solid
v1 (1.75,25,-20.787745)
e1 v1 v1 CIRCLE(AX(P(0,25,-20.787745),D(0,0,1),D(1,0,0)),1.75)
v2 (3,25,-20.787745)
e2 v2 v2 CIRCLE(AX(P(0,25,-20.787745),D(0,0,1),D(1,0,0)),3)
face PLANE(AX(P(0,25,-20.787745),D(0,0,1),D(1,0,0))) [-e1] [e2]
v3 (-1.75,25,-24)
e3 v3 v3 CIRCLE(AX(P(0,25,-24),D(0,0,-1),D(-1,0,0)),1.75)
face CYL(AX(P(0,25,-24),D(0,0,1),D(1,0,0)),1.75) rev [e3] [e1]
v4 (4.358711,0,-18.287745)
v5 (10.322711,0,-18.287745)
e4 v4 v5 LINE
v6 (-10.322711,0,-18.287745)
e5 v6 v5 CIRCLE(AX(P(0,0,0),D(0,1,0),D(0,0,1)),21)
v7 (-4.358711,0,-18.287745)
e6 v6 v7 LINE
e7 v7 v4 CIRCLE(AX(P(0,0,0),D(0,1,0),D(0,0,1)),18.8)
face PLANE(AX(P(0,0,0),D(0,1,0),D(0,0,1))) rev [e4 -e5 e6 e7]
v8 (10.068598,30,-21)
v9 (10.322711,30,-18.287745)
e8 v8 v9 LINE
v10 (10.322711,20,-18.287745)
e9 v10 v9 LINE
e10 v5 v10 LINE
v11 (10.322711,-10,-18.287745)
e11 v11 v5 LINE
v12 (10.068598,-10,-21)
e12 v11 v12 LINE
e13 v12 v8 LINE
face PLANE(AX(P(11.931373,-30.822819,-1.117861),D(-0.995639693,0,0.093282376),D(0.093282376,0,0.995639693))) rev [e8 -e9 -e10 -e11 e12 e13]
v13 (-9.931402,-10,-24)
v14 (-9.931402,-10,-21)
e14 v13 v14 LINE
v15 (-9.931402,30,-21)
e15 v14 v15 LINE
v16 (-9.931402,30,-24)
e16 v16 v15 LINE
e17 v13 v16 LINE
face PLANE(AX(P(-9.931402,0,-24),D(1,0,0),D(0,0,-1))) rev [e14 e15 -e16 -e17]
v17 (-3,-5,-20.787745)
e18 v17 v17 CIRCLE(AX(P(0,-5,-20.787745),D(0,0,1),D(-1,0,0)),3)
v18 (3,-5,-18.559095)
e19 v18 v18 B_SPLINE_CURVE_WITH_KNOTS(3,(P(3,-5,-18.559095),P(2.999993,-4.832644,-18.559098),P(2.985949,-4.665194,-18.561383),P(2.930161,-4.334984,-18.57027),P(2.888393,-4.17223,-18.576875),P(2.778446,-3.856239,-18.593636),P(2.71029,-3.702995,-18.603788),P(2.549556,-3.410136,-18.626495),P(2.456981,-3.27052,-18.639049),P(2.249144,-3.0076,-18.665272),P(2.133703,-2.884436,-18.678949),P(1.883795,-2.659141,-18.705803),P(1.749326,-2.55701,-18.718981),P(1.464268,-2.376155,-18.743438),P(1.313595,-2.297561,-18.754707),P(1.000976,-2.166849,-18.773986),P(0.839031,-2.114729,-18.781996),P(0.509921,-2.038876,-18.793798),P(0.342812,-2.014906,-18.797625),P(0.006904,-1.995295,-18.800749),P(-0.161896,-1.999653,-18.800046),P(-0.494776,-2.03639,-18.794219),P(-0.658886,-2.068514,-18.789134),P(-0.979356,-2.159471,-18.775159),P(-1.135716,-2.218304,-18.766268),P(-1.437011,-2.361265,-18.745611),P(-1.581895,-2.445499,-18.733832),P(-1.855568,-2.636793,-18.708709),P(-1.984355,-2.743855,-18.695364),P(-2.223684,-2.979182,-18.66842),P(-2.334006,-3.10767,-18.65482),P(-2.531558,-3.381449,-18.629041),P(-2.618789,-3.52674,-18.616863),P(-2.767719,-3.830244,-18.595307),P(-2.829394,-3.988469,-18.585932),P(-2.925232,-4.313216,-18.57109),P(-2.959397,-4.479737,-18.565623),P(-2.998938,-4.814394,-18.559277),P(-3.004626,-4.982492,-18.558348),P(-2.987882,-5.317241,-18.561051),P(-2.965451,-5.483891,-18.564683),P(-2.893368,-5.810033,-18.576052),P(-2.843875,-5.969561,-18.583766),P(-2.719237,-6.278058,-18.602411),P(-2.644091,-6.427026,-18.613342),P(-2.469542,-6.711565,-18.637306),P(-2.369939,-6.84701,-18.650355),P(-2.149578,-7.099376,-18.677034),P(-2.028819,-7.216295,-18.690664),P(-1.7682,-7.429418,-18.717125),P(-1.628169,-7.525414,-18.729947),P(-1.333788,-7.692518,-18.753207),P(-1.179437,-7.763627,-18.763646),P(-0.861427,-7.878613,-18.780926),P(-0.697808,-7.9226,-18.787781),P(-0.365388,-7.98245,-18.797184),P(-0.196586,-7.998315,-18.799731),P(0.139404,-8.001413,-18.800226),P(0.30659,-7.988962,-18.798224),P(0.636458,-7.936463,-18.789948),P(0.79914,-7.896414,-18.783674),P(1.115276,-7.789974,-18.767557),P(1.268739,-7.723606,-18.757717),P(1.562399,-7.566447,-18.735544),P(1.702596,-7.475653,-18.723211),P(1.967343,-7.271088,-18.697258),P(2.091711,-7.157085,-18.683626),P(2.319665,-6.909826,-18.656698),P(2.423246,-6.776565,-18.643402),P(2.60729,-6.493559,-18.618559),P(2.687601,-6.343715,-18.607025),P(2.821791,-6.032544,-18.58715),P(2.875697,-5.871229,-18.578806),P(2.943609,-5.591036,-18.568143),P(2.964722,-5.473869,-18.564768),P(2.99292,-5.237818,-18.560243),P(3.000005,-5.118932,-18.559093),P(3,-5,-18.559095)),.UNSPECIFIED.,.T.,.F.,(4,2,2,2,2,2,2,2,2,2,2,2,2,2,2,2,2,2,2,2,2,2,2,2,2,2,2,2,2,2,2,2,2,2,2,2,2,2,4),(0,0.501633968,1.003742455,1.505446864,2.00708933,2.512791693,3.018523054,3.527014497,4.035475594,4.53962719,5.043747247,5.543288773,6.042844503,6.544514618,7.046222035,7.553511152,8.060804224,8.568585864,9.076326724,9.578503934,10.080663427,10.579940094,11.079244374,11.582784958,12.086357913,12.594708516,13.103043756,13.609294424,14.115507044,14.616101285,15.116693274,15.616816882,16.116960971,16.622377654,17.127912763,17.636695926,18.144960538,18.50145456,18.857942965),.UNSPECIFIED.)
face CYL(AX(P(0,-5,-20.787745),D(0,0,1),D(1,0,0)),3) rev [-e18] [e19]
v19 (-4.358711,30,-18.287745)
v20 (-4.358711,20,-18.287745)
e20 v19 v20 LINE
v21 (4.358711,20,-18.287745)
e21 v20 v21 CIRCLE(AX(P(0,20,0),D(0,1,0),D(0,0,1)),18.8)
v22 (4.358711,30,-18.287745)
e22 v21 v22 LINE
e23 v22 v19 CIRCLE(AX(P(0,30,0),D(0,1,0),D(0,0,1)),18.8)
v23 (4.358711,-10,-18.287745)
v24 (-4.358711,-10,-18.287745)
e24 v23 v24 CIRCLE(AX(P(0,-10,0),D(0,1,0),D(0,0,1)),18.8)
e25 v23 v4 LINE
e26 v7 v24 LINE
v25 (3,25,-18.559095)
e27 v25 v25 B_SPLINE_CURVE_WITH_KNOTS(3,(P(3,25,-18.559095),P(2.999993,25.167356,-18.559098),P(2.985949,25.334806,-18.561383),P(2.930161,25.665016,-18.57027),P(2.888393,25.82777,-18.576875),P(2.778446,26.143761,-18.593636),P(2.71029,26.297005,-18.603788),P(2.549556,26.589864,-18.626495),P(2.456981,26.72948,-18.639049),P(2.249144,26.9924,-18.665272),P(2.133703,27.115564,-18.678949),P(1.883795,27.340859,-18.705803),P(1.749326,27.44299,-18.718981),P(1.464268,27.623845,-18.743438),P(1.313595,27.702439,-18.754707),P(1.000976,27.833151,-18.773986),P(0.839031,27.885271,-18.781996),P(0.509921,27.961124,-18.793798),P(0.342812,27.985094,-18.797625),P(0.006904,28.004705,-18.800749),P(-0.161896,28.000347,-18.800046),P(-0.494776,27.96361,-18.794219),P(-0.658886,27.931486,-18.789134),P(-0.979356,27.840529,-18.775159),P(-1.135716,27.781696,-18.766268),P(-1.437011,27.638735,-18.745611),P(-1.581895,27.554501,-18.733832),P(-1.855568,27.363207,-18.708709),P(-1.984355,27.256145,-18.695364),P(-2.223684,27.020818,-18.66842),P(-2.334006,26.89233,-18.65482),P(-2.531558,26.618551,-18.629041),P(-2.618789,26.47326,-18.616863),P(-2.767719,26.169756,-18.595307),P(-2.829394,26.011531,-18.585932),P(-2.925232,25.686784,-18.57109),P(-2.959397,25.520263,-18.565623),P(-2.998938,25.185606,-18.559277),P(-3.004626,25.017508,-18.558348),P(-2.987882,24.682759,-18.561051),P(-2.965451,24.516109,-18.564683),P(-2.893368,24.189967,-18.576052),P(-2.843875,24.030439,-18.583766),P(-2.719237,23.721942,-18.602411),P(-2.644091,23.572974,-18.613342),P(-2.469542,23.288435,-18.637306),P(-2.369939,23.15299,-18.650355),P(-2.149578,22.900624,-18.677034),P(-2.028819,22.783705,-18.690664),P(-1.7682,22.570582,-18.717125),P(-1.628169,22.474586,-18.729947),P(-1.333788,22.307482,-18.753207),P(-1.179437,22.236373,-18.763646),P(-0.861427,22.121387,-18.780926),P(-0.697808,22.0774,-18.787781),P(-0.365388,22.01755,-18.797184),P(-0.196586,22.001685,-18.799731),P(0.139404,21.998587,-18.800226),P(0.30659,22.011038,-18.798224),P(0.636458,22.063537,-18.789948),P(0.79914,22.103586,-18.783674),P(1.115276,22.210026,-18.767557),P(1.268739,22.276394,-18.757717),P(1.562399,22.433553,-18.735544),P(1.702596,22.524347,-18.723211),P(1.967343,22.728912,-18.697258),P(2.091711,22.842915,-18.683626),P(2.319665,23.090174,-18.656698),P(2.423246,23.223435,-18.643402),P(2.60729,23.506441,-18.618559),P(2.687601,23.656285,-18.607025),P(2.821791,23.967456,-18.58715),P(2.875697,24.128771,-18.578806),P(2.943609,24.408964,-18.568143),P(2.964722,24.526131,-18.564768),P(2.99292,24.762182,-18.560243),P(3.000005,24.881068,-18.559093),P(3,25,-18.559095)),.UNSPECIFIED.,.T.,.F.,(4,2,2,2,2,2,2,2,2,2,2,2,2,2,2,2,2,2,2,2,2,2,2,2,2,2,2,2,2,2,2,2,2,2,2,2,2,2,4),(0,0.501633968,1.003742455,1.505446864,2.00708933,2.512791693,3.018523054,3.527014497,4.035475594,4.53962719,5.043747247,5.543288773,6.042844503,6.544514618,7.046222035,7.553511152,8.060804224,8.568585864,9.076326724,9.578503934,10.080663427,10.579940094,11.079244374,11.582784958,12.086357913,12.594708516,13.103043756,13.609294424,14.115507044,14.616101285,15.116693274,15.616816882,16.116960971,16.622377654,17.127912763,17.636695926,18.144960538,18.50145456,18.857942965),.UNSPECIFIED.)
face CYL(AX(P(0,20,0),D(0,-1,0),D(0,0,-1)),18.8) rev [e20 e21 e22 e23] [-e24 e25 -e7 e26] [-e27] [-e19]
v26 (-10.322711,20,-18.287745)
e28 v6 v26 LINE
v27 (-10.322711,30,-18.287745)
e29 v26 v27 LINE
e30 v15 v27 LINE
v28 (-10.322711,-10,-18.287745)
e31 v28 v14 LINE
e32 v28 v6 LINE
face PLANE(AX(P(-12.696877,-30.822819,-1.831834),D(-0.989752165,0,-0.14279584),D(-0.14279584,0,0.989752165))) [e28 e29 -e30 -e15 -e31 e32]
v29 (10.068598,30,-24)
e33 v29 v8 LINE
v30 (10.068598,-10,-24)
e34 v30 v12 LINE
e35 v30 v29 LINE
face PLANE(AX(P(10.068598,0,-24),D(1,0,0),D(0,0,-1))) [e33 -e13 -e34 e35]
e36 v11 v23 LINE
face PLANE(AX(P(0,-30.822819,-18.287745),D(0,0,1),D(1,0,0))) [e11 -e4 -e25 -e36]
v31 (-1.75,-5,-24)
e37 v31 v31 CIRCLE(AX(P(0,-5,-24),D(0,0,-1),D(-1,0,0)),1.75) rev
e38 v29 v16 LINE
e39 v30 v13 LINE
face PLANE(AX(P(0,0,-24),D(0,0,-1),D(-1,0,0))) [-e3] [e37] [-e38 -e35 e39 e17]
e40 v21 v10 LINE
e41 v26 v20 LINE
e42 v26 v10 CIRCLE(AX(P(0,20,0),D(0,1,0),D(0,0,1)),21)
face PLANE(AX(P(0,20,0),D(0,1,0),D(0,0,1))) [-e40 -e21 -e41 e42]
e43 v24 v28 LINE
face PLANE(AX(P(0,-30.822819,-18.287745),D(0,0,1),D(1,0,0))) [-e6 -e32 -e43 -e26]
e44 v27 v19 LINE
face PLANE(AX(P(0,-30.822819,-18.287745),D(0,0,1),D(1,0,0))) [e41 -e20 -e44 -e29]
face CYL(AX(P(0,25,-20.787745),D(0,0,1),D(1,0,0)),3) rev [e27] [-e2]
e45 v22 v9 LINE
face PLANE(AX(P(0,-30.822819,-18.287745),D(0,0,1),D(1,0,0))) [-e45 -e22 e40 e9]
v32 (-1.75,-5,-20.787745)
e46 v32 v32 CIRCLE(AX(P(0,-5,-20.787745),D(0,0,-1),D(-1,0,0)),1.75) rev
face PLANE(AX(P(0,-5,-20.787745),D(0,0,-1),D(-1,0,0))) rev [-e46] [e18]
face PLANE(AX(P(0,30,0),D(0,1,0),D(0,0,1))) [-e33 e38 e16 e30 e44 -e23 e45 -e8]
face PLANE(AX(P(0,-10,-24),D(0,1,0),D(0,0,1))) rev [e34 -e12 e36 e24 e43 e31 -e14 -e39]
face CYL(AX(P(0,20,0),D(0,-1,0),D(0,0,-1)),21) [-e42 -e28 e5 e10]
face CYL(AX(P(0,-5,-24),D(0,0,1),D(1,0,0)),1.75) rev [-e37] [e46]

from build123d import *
from build123d.topology import SkipClean

# Parameters (mm, degrees)
SKETCH1_R               = 21
SKETCH1_R_2             = 18.8
BOSS_EXTRUDE1_DEPTH     = 20
SKETCH2_W               = 20
SKETCH2_H               = 40
SKETCH2_R               = 1.75
BOSS_EXTRUDE2_DEPTH     = 3
BOSS_EXTRUDE3_REACH     = 53.157
SKETCH6_R               = 1.75
CUT_EXTRUDE2_DEPTH      = 59.017238817
SKETCH8_R               = 3
CUT_EXTRUDE3_DEPTH      = 2.5
CUT_EXTRUDE4_DEPTH      = 44.783558558
CUT_EXTRUDE4_DEPTH_BACK = 44.783558558
SKETCH5_R               = 18.8


with BuildPart() as part:
    # Sketch1 → Boss-Extrude1 (new body)
    with BuildSketch(Plane(origin=(0, 0, 0), x_dir=(1, 0, 0), z_dir=(0, 1, 0))):
        with Locations(Location((0, 0, 0), (0, 0, 270))):
            Circle(SKETCH1_R)
        with Locations(Location((0, 0, 0), (0, 0, 270))):
            Circle(SKETCH1_R_2, mode=Mode.SUBTRACT)
    extrude(amount=BOSS_EXTRUDE1_DEPTH)


with BuildPart() as body_2:
    # Sketch2 → Boss-Extrude2 (new body)
    with BuildSketch(Plane(origin=(0, 0, -21), x_dir=(-1, 0, 0), z_dir=(0, 0, -1))):
        with Locations((-0.068597586, 10)):
            Rectangle(SKETCH2_W, SKETCH2_H)
        with Locations((0, 25)):
            Circle(SKETCH2_R, mode=Mode.SUBTRACT)
        with Locations((0, -5)):
            Circle(SKETCH2_R, mode=Mode.SUBTRACT)
    extrude(amount=BOSS_EXTRUDE2_DEPTH)

    # Boss-Extrude3: up to this face of the body (flat: up to its plane)
    boss_extrude3_end = Plane(body_2.part.faces().sort_by_distance((0.068597586, -10, -22.5))[0])
    # Sketch3 → Boss-Extrude3 (add, up to the picked face)
    with BuildSketch(Plane(origin=(0, 30, 0), x_dir=(1, 0, 0), z_dir=(0, 1, 0)), mode=Mode.PRIVATE) as boss_extrude3_sk1:
        Polygon((-9.931402414, 21), (-10.322711145, 18.287745477), (10.322711145, 18.287745477), (10.068597586, 21), align=None)
    boss_extrude3_tool1 = split(extrude(boss_extrude3_sk1.sketch, amount=-BOSS_EXTRUDE3_REACH, mode=Mode.PRIVATE), bisect_by=boss_extrude3_end, keep=Keep.BOTH, mode=Mode.PRIVATE)

    add(part.part)  # Boss-Extrude3 merges part
    add(boss_extrude3_tool1.solids().sort_by(Axis((0.034117, 30, -19.636695), (0, -1, 0)))[0])

    # Sketch6 → Cut-Extrude2 (cut, through all)
    with BuildSketch(Plane(origin=(0, 0, -24), x_dir=(-1, 0, 0), z_dir=(0, 0, -1))):
        with Locations(Location((0, 25, 0), (0, 0, 180))):
            Circle(SKETCH6_R)
        with Locations(Location((0, -5, 0), (0, 0, 180))):
            Circle(SKETCH6_R)
    extrude(amount=-CUT_EXTRUDE2_DEPTH, mode=Mode.SUBTRACT)

    # Sketch8 → Cut-Extrude3 (cut)
    with SkipClean():  # the faces are left unmerged after this step: merging them gives an invalid solid
        with BuildSketch(Plane.XY.offset(-18.287745477)):
            with Locations((0, 25)):
                Circle(SKETCH8_R)
            with Locations(Location((0, -5, 0), (0, 0, 180))):
                Circle(SKETCH8_R)
        extrude(amount=-CUT_EXTRUDE3_DEPTH, mode=Mode.SUBTRACT)

    # Sketch5 → Cut-Extrude4 (cut, two sides: drawn at the far end of the back side and taken through both)
    with SkipClean():  # the faces are left unmerged after this step: merging them gives an invalid solid
        with BuildSketch(Plane(origin=(0, 20, 0), x_dir=(1, 0, 0), z_dir=(0, 1, 0)).offset(-CUT_EXTRUDE4_DEPTH_BACK)):
            with Locations(Location((0, 0, 0), (0, 0, 103.405798669))):
                Circle(SKETCH5_R)
        extrude(amount=CUT_EXTRUDE4_DEPTH + CUT_EXTRUDE4_DEPTH_BACK, mode=Mode.SUBTRACT)


solid = body_2.part
